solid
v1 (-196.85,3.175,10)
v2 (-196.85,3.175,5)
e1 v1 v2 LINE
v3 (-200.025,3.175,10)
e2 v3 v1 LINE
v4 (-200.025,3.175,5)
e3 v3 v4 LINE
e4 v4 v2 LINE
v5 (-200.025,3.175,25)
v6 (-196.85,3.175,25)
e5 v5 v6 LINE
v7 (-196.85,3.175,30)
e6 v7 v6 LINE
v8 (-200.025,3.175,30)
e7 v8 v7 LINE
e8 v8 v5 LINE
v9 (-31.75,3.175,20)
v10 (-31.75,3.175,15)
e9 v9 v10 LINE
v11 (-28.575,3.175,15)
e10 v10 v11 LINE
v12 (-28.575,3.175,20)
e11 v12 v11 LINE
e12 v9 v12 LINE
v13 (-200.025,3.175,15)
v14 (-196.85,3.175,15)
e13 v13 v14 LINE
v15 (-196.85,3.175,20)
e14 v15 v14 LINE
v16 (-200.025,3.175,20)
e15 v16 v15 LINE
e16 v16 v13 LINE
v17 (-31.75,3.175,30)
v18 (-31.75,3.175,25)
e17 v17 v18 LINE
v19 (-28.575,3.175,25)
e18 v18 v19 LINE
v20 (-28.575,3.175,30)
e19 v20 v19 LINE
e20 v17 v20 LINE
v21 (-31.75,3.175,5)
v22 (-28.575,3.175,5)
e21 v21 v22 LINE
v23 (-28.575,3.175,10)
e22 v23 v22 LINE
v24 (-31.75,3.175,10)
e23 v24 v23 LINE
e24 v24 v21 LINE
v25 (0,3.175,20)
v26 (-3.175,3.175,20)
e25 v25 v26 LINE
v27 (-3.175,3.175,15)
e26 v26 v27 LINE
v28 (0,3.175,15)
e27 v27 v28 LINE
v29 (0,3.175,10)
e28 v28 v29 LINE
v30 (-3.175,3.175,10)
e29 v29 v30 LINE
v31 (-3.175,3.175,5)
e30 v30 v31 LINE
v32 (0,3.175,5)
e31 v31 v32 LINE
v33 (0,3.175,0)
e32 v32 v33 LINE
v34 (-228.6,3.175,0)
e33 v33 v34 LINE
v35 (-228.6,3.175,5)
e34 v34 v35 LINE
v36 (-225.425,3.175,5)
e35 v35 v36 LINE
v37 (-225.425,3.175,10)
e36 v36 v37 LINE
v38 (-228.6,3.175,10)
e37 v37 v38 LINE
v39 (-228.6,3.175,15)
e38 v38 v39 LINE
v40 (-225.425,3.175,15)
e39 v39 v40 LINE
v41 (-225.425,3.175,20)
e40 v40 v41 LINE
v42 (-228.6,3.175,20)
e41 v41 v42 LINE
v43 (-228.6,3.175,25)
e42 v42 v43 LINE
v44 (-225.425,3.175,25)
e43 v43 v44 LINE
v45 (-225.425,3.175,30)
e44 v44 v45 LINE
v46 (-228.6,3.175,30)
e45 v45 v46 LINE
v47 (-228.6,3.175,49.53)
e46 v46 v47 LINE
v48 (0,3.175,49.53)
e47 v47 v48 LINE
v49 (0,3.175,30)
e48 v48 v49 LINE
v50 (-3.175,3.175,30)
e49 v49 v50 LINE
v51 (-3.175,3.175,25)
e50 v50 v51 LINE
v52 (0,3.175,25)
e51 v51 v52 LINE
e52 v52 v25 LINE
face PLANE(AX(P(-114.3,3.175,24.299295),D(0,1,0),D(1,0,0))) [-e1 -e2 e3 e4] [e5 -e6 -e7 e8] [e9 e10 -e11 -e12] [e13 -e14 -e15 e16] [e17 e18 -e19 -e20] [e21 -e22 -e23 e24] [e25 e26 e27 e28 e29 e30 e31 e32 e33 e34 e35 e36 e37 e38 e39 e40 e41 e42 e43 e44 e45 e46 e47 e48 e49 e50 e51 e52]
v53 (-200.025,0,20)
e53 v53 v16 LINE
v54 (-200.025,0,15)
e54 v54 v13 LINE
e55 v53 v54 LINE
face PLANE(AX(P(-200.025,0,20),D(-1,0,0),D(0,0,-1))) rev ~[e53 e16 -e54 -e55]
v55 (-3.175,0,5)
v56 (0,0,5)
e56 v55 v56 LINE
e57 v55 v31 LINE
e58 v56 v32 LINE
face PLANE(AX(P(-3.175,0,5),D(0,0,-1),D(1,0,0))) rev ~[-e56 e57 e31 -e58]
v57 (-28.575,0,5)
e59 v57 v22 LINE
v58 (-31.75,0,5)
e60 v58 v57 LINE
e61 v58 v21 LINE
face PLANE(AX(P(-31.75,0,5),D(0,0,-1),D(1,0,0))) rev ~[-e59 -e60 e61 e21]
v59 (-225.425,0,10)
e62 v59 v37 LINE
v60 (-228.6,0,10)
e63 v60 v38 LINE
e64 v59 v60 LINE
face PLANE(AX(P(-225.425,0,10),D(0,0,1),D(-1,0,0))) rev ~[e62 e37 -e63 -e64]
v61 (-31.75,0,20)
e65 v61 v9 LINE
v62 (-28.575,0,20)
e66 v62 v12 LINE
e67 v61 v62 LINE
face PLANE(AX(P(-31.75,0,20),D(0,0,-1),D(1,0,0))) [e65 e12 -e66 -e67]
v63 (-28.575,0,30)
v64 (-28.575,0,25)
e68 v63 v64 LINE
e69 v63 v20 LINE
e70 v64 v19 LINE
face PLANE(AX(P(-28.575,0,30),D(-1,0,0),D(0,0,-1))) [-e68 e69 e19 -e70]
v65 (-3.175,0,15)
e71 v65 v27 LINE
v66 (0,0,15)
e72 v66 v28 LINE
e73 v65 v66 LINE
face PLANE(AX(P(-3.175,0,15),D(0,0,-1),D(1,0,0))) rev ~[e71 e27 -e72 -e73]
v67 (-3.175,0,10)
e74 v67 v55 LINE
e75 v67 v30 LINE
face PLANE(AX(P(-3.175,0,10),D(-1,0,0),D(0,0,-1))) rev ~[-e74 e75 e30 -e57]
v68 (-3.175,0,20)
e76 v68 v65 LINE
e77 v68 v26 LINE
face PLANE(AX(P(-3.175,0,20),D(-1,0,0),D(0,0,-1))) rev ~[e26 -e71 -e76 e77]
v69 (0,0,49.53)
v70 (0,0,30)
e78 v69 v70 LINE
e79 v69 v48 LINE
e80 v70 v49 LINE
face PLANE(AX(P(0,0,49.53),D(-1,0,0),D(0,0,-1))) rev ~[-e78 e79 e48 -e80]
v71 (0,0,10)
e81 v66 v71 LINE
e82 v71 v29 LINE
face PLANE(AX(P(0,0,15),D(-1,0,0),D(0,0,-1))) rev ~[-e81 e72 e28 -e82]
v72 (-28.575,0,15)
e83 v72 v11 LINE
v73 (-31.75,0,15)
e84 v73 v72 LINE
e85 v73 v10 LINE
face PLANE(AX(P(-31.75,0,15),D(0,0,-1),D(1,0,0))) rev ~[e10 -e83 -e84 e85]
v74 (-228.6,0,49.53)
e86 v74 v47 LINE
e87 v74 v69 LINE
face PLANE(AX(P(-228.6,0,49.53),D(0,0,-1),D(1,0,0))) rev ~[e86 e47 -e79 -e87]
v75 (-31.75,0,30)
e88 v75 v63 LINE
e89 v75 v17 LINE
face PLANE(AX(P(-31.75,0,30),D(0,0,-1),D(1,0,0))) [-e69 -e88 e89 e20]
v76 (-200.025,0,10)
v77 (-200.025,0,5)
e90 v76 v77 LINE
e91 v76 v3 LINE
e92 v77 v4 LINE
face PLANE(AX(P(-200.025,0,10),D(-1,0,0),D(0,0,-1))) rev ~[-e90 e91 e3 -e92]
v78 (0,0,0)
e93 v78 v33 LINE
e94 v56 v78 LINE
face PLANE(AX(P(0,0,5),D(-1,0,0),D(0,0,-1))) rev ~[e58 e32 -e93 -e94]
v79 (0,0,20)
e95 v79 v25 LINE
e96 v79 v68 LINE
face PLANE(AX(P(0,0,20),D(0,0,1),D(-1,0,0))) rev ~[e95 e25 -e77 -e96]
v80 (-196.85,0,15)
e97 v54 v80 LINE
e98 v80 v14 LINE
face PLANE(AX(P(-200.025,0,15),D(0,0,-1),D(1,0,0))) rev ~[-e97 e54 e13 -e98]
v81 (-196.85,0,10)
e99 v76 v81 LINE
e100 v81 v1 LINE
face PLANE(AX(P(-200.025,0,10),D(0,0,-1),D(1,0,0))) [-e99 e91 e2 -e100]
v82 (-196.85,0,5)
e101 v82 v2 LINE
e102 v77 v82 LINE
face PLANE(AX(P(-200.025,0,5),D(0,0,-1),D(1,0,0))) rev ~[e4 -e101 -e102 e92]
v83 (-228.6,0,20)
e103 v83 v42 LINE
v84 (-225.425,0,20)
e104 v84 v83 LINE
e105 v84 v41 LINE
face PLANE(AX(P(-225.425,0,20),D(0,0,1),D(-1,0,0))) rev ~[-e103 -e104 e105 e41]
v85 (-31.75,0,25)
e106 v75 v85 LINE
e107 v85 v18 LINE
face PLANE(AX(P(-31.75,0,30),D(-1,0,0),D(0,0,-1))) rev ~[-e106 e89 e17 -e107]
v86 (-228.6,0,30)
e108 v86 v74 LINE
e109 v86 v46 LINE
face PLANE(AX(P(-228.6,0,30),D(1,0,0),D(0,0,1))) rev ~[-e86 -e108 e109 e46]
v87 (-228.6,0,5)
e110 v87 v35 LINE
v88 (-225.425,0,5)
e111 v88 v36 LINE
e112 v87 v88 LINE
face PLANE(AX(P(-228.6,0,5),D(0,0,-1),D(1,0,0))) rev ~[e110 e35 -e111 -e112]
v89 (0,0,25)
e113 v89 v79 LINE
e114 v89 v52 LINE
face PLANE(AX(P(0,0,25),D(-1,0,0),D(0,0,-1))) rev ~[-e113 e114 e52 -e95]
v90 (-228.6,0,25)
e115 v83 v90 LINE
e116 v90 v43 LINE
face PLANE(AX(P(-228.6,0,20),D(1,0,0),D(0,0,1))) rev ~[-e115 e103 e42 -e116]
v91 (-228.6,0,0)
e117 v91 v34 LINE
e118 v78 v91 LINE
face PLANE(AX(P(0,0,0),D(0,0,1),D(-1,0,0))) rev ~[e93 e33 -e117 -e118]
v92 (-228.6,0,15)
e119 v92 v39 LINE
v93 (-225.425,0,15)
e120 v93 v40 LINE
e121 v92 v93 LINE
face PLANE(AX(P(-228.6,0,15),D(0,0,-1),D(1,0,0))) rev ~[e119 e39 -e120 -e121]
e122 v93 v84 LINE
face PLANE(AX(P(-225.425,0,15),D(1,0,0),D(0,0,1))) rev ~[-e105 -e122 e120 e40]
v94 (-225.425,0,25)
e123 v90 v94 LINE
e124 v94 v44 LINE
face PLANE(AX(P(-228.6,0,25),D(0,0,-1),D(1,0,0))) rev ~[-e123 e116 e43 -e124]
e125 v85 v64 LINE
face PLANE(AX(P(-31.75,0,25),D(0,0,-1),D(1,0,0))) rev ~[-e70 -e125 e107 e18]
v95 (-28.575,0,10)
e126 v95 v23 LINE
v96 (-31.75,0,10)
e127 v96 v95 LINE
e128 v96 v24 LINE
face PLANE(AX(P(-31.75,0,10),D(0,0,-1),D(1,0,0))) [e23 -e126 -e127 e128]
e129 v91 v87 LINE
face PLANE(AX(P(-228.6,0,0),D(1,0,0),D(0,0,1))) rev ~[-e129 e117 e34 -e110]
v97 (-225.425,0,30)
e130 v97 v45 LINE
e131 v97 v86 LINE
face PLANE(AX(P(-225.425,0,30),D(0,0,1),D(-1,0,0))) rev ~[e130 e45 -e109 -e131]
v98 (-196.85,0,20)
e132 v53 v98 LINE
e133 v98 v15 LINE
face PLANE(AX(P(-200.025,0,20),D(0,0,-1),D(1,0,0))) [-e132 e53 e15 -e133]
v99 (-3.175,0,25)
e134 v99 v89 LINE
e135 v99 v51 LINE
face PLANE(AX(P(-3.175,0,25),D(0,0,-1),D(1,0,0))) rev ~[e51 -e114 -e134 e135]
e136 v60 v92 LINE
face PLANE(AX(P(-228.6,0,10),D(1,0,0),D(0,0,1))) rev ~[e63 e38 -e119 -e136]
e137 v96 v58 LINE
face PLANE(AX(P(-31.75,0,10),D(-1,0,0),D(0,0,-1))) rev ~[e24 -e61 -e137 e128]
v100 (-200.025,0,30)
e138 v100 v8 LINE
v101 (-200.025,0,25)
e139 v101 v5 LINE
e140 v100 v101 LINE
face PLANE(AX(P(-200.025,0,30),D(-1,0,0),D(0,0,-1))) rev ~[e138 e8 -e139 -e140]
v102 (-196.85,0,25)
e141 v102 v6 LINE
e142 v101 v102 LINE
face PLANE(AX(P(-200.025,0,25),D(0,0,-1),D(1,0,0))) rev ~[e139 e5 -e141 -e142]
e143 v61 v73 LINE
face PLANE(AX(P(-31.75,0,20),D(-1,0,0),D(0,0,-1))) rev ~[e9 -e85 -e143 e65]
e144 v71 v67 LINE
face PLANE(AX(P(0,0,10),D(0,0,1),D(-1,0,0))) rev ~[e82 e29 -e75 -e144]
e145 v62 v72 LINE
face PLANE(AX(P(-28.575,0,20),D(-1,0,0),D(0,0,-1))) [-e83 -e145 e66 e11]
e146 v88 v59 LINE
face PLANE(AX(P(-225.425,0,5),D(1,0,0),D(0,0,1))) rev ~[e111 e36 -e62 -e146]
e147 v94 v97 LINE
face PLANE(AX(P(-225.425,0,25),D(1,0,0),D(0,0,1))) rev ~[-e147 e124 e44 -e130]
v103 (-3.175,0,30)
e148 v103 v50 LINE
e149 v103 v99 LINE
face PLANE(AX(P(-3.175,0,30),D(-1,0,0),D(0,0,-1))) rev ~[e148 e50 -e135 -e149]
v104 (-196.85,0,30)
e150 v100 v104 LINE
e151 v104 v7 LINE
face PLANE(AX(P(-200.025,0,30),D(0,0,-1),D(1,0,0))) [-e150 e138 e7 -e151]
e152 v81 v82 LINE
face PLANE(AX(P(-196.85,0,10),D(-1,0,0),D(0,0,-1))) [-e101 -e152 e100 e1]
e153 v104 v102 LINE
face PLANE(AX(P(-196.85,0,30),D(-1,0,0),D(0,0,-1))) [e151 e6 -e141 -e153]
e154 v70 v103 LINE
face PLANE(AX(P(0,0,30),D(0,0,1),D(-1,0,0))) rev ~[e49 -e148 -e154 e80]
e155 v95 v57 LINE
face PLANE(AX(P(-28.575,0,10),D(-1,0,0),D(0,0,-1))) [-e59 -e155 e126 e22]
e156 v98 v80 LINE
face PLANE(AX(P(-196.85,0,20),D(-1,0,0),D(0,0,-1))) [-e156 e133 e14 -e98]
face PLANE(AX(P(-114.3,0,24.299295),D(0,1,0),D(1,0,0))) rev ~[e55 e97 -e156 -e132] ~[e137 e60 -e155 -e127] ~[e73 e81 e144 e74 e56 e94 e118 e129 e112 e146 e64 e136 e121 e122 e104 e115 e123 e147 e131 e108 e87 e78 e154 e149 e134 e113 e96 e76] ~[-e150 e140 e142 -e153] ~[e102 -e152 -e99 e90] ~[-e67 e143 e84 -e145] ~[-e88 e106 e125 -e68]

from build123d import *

# Parameters (mm, degrees)
SKETCH1_W           = 3.175
SKETCH1_H           = 5
BOSS_EXTRUDE1_DEPTH = 3.175


with BuildPart() as part:
    # Sketch1 → Boss-Extrude1 (new body)
    with BuildSketch(Plane(origin=(0, 0, 0), x_dir=(1, 0, 0), z_dir=(0, 1, 0))):
        Polygon((-228.6, -5), (-225.425, -5), (-225.425, -10), (-228.6, -10), (-228.6, -15), (-225.425, -15), (-225.425, -20), (-228.6, -20), (-228.6, -25), (-225.425, -25), (-225.425, -30), (-228.6, -30), (-228.6, -49.53), (-225.425, -49.53), (-19.177, -49.53), (0, -49.53), (0, -30), (-3.175, -30), (-3.175, -25), (0, -25), (0, -20), (-3.175, -20), (-3.175, -15), (0, -15), (0, -10), (-3.175, -10), (-3.175, -5), (0, -5), (0, 0), (-19.177, 0), (-225.425, 0), (-228.6, 0), align=None)
        with Locations((-198.4375, -7.5)):
            Rectangle(SKETCH1_W, SKETCH1_H, mode=Mode.SUBTRACT)
        with Locations((-198.4375, -17.5)):
            Rectangle(SKETCH1_W, SKETCH1_H, mode=Mode.SUBTRACT)
        with Locations((-198.4375, -27.5)):
            Rectangle(SKETCH1_W, SKETCH1_H, mode=Mode.SUBTRACT)
        with Locations((-30.1625, -27.5)):
            Rectangle(SKETCH1_W, SKETCH1_H, mode=Mode.SUBTRACT)
        with Locations((-30.1625, -17.5)):
            Rectangle(SKETCH1_W, SKETCH1_H, mode=Mode.SUBTRACT)
        with Locations((-30.1625, -7.5)):
            Rectangle(SKETCH1_W, SKETCH1_H, mode=Mode.SUBTRACT)
    extrude(amount=BOSS_EXTRUDE1_DEPTH)


solid = part.part
